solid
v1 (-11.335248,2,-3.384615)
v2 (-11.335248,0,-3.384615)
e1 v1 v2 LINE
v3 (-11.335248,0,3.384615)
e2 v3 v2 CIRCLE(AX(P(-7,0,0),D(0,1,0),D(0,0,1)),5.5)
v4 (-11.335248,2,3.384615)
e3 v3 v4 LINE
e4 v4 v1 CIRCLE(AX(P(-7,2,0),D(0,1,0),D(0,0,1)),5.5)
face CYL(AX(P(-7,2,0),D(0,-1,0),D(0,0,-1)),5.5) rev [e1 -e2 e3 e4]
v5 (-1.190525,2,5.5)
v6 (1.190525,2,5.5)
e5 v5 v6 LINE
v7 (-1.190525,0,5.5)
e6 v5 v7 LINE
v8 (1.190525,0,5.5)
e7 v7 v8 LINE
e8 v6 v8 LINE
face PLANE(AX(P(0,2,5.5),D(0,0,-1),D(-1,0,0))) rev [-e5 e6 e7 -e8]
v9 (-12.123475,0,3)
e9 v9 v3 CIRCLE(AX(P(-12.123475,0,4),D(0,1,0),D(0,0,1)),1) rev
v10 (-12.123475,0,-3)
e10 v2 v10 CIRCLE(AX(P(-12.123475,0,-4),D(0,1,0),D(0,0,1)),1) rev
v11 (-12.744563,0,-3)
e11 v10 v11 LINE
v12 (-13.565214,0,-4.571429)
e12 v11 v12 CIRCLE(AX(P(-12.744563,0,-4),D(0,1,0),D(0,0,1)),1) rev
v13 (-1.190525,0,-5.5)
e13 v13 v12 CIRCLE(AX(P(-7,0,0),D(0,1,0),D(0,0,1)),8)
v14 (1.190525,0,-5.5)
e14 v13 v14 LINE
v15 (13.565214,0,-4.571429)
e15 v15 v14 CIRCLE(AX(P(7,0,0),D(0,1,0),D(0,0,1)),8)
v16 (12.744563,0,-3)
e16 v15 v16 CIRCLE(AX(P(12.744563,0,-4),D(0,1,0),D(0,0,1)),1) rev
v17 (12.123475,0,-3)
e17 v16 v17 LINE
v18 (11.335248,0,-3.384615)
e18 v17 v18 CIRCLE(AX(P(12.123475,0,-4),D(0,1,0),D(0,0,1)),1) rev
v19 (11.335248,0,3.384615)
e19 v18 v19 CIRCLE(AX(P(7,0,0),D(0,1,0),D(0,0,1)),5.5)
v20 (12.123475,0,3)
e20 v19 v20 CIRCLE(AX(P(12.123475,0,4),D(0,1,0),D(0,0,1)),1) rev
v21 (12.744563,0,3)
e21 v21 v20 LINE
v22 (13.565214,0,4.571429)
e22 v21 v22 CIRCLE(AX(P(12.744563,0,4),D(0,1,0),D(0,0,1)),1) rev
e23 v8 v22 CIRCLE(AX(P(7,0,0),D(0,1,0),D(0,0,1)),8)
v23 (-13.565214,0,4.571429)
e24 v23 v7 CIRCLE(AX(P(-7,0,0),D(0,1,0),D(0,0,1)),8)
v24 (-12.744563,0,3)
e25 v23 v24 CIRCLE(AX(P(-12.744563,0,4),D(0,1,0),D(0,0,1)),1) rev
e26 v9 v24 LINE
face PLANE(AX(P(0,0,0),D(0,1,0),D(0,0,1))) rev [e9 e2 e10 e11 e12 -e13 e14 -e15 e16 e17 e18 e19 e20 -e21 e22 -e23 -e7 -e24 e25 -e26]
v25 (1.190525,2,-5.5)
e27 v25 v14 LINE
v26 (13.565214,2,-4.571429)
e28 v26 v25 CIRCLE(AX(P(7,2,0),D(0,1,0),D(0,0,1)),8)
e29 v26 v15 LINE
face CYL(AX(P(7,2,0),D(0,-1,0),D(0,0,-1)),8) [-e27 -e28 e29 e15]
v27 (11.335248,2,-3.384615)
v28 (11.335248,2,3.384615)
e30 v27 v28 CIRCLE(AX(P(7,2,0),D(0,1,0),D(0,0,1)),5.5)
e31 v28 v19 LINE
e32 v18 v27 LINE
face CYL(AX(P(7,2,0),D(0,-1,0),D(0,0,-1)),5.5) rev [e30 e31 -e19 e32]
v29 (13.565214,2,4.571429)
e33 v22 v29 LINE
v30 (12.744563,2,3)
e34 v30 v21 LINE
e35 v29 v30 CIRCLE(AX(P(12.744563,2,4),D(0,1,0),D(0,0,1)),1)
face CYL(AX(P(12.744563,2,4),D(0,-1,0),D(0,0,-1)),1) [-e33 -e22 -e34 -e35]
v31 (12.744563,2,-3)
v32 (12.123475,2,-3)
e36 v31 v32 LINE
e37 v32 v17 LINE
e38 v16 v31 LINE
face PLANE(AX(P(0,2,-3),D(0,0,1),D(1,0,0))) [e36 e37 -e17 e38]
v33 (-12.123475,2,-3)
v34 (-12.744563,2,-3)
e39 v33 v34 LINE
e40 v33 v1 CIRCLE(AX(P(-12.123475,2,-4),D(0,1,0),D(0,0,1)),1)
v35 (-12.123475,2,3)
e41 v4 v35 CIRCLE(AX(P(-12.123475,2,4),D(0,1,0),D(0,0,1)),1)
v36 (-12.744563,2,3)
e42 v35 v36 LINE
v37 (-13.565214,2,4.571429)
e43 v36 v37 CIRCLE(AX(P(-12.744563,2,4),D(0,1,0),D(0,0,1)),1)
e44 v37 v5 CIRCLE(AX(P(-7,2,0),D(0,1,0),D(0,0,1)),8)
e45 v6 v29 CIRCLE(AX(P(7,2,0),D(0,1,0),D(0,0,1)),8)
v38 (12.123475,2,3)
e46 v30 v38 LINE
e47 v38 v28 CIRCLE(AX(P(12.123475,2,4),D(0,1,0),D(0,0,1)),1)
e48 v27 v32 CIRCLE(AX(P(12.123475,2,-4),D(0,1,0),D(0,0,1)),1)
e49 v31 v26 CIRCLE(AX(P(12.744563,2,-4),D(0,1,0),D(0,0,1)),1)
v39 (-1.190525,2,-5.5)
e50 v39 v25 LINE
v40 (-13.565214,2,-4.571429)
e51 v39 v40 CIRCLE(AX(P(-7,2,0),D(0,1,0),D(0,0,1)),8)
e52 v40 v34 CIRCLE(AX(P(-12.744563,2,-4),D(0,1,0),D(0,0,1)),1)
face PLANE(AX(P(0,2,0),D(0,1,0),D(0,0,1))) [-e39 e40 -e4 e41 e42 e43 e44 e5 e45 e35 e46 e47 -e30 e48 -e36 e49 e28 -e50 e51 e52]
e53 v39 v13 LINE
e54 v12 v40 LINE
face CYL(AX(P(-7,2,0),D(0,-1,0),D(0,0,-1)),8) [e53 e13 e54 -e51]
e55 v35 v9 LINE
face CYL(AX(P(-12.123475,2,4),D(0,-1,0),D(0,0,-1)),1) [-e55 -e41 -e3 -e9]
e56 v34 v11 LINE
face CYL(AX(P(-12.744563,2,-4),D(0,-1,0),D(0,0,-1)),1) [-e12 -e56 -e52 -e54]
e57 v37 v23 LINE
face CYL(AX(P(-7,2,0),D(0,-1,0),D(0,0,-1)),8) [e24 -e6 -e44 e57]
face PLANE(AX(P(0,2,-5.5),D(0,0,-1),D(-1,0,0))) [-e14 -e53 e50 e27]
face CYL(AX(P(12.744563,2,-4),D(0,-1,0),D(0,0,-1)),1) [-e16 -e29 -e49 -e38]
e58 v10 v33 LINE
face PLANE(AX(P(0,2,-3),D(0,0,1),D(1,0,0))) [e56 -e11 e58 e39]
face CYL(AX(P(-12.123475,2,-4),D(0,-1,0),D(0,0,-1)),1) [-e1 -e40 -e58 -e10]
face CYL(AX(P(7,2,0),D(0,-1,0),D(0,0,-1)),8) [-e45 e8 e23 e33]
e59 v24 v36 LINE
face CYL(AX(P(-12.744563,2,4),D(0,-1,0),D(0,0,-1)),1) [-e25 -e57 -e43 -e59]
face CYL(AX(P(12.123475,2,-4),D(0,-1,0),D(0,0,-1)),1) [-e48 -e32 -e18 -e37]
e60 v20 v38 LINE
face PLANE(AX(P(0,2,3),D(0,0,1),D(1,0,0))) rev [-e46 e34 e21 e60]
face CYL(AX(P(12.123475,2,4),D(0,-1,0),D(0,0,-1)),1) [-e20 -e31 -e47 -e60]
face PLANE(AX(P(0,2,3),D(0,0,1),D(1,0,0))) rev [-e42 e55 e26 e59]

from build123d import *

# Parameters (mm, degrees)
BOSS_EXTRUDE1_DEPTH = 2
FILLET1_R           = 1
FILLET2_R           = 1


with BuildPart() as part:
    # Sketch1 → Boss-Extrude1 (new body)
    with BuildSketch(Plane(origin=(0, 0, 0), x_dir=(1, 0, 0), z_dir=(0, 1, 0))):
        with BuildLine():
            Line((11.609772229, 3), (14.416198487, 3))
            ThreePointArc((14.416198487, 3), (9.671814624, 7.540650278), (3.127016654, 7))
            Line((3.127016654, 7), (3.127016654, 5.5))
            Line((3.127016654, 5.5), (7, 5.5))
            ThreePointArc((7, 5.5), (9.62202212, 4.834769901), (11.609772229, 3))
        make_face()
        with BuildLine():
            Line((3.127016654, -5.5), (3.127016654, -7))
            ThreePointArc((3.127016654, -7), (9.671814624, -7.540650278), (14.416198487, -3))
            Line((14.416198487, -3), (11.609772229, -3))
            ThreePointArc((11.609772229, -3), (9.62202212, -4.834769901), (7, -5.5))
            Line((7, -5.5), (3.127016654, -5.5))
        make_face()
        with BuildLine():
            Line((3.127016654, -5.5), (1.190524981, -5.5))
            ThreePointArc((1.190524981, -5.5), (2.101020514, -6.32455532), (3.127016654, -7))
            Line((3.127016654, -7), (3.127016654, -5.5))
        make_face()
        with BuildLine():
            ThreePointArc((0, -3.872983346), (0.543804652, -4.72414454), (1.190524981, -5.5))
            Line((1.190524981, -5.5), (3.127016654, -5.5))
            Line((3.127016654, -5.5), (3.127016654, -3.905124838))
            ThreePointArc((3.127016654, -3.905124838), (2.734545947, -3.472160958), (2.390227771, -3))
            Line((2.390227771, -3), (0.416198487, -3))
            ThreePointArc((0.416198487, -3), (0.221303185, -3.442786708), (0, -3.872983346))
        make_face()
        with BuildLine():
            ThreePointArc((1, 0), (0.85269342, -1.5281381), (0.416198487, -3))
            Line((0.416198487, -3), (2.390227771, -3))
            ThreePointArc((2.390227771, -3), (1.5, 0), (2.390227771, 3))
            Line((2.390227771, 3), (0.416198487, 3))
            ThreePointArc((0.416198487, 3), (0.85269342, 1.5281381), (1, 0))
        make_face()
        with BuildLine():
            ThreePointArc((0, 3.872983346), (0.221303185, 3.442786708), (0.416198487, 3))
            Line((0.416198487, 3), (2.390227771, 3))
            ThreePointArc((2.390227771, 3), (2.734545947, 3.472160958), (3.127016654, 3.905124838))
            Line((3.127016654, 3.905124838), (3.127016654, 5.5))
            Line((3.127016654, 5.5), (1.190524981, 5.5))
            ThreePointArc((1.190524981, 5.5), (0.543804652, 4.72414454), (0, 3.872983346))
        make_face()
        with BuildLine():
            Line((1.190524981, 5.5), (-1.190524981, 5.5))
            ThreePointArc((-1.190524981, 5.5), (-0.543804652, 4.72414454), (0, 3.872983346))
            ThreePointArc((0, 3.872983346), (0.543804652, 4.72414454), (1.190524981, 5.5))
        make_face()
        with BuildLine():
            Line((-1.190524981, 5.5), (-3.127016654, 5.5))
            Line((-3.127016654, 5.5), (-3.127016654, 3.905124838))
            ThreePointArc((-3.127016654, 3.905124838), (-2.734545947, 3.472160958), (-2.390227771, 3))
            Line((-2.390227771, 3), (-0.416198487, 3))
            ThreePointArc((-0.416198487, 3), (-0.221303185, 3.442786708), (0, 3.872983346))
            ThreePointArc((0, 3.872983346), (-0.543804652, 4.72414454), (-1.190524981, 5.5))
        make_face()
        with BuildLine():
            ThreePointArc((-1.5, 0), (-1.727251795, -1.564648961), (-2.390227771, -3))
            Line((-2.390227771, -3), (-0.416198487, -3))
            ThreePointArc((-0.416198487, -3), (-1, 0), (-0.416198487, 3))
            Line((-0.416198487, 3), (-2.390227771, 3))
            ThreePointArc((-2.390227771, 3), (-1.727251795, 1.564648961), (-1.5, 0))
        make_face()
        with BuildLine():
            Line((-3.127016654, -3.905124838), (-3.127016654, -5.5))
            Line((-3.127016654, -5.5), (-1.190524981, -5.5))
            ThreePointArc((-1.190524981, -5.5), (-0.543804652, -4.72414454), (0, -3.872983346))
            ThreePointArc((0, -3.872983346), (-0.221303185, -3.442786708), (-0.416198487, -3))
            Line((-0.416198487, -3), (-2.390227771, -3))
            ThreePointArc((-2.390227771, -3), (-2.734545947, -3.472160958), (-3.127016654, -3.905124838))
        make_face()
        with BuildLine():
            ThreePointArc((0, -3.872983346), (-0.543804652, -4.72414454), (-1.190524981, -5.5))
            Line((-1.190524981, -5.5), (1.190524981, -5.5))
            ThreePointArc((1.190524981, -5.5), (0.543804652, -4.72414454), (0, -3.872983346))
        make_face()
        with BuildLine():
            ThreePointArc((-0.416198487, 3), (-1, 0), (-0.416198487, -3))
            Line((-0.416198487, -3), (0.416198487, -3))
            ThreePointArc((0.416198487, -3), (0.85269342, -1.5281381), (1, 0))
            ThreePointArc((1, 0), (0.85269342, 1.5281381), (0.416198487, 3))
            Line((0.416198487, 3), (-0.416198487, 3))
        make_face()
        with BuildLine():
            ThreePointArc((0, 3.872983346), (-0.221303185, 3.442786708), (-0.416198487, 3))
            Line((-0.416198487, 3), (0.416198487, 3))
            ThreePointArc((0.416198487, 3), (0.221303185, 3.442786708), (0, 3.872983346))
        make_face()
        with BuildLine():
            ThreePointArc((-0.416198487, -3), (-0.221303185, -3.442786708), (0, -3.872983346))
            ThreePointArc((0, -3.872983346), (0.221303185, -3.442786708), (0.416198487, -3))
            Line((0.416198487, -3), (-0.416198487, -3))
        make_face()
        with BuildLine():
            Line((-3.127016654, 5.5), (-7, 5.5))
            ThreePointArc((-7, 5.5), (-4.905744358, 5.085675305), (-3.127016654, 3.905124838))
            Line((-3.127016654, 3.905124838), (-3.127016654, 5.5))
        make_face()
        with BuildLine():
            Line((-14.416198487, 3), (-11.609772229, 3))
            ThreePointArc((-11.609772229, 3), (-9.62202212, 4.834769901), (-7, 5.5))
            Line((-7, 5.5), (-3.127016654, 5.5))
            Line((-3.127016654, 5.5), (-3.127016654, 7))
            ThreePointArc((-3.127016654, 7), (-9.671814624, 7.540650278), (-14.416198487, 3))
        make_face()
        with BuildLine():
            Line((-3.127016654, 7), (-3.127016654, 5.5))
            Line((-3.127016654, 5.5), (-1.190524981, 5.5))
            ThreePointArc((-1.190524981, 5.5), (-2.101020514, 6.32455532), (-3.127016654, 7))
        make_face()
        with BuildLine():
            Line((3.127016654, 5.5), (3.127016654, 7))
            ThreePointArc((3.127016654, 7), (2.101020514, 6.32455532), (1.190524981, 5.5))
            Line((1.190524981, 5.5), (3.127016654, 5.5))
        make_face()
        with BuildLine():
            Line((-1.190524981, -5.5), (-3.127016654, -5.5))
            Line((-3.127016654, -5.5), (-3.127016654, -7))
            ThreePointArc((-3.127016654, -7), (-2.101020514, -6.32455532), (-1.190524981, -5.5))
        make_face()
        with BuildLine():
            Line((-3.127016654, -5.5), (-7, -5.5))
            ThreePointArc((-7, -5.5), (-9.62202212, -4.834769901), (-11.609772229, -3))
            Line((-11.609772229, -3), (-14.416198487, -3))
            ThreePointArc((-14.416198487, -3), (-9.671814624, -7.540650278), (-3.127016654, -7))
            Line((-3.127016654, -7), (-3.127016654, -5.5))
        make_face()
        with BuildLine():
            ThreePointArc((-3.127016654, -3.905124838), (-4.905744358, -5.085675305), (-7, -5.5))
            Line((-7, -5.5), (-3.127016654, -5.5))
            Line((-3.127016654, -5.5), (-3.127016654, -3.905124838))
        make_face()
        with BuildLine():
            Line((7, 5.5), (3.127016654, 5.5))
            Line((3.127016654, 5.5), (3.127016654, 3.905124838))
            ThreePointArc((3.127016654, 3.905124838), (4.905744358, 5.085675305), (7, 5.5))
        make_face()
        with BuildLine():
            Line((3.127016654, -3.905124838), (3.127016654, -5.5))
            Line((3.127016654, -5.5), (7, -5.5))
            ThreePointArc((7, -5.5), (4.905744358, -5.085675305), (3.127016654, -3.905124838))
        make_face()
    extrude(amount=BOSS_EXTRUDE1_DEPTH)

    # Fillet1
    fillet1_edges = [part.edges().sort_by_distance(p)[0] for p in [
        (-14.416198487, 1, -3),
        (14.416198487, 1, -3),
        (14.416198487, 1, 3),
        (-14.416198487, 1, 3),
    ]]
    fillet(fillet1_edges, radius=FILLET1_R)

    # Fillet2
    fillet2_edges = [part.edges().sort_by_distance(p)[0] for p in [
        (-11.609772229, 1, 3),
        (-11.609772229, 1, -3),
        (11.609772229, 1, -3),
        (11.609772229, 1, 3),
    ]]
    fillet(fillet2_edges, radius=FILLET2_R)


solid = part.part
